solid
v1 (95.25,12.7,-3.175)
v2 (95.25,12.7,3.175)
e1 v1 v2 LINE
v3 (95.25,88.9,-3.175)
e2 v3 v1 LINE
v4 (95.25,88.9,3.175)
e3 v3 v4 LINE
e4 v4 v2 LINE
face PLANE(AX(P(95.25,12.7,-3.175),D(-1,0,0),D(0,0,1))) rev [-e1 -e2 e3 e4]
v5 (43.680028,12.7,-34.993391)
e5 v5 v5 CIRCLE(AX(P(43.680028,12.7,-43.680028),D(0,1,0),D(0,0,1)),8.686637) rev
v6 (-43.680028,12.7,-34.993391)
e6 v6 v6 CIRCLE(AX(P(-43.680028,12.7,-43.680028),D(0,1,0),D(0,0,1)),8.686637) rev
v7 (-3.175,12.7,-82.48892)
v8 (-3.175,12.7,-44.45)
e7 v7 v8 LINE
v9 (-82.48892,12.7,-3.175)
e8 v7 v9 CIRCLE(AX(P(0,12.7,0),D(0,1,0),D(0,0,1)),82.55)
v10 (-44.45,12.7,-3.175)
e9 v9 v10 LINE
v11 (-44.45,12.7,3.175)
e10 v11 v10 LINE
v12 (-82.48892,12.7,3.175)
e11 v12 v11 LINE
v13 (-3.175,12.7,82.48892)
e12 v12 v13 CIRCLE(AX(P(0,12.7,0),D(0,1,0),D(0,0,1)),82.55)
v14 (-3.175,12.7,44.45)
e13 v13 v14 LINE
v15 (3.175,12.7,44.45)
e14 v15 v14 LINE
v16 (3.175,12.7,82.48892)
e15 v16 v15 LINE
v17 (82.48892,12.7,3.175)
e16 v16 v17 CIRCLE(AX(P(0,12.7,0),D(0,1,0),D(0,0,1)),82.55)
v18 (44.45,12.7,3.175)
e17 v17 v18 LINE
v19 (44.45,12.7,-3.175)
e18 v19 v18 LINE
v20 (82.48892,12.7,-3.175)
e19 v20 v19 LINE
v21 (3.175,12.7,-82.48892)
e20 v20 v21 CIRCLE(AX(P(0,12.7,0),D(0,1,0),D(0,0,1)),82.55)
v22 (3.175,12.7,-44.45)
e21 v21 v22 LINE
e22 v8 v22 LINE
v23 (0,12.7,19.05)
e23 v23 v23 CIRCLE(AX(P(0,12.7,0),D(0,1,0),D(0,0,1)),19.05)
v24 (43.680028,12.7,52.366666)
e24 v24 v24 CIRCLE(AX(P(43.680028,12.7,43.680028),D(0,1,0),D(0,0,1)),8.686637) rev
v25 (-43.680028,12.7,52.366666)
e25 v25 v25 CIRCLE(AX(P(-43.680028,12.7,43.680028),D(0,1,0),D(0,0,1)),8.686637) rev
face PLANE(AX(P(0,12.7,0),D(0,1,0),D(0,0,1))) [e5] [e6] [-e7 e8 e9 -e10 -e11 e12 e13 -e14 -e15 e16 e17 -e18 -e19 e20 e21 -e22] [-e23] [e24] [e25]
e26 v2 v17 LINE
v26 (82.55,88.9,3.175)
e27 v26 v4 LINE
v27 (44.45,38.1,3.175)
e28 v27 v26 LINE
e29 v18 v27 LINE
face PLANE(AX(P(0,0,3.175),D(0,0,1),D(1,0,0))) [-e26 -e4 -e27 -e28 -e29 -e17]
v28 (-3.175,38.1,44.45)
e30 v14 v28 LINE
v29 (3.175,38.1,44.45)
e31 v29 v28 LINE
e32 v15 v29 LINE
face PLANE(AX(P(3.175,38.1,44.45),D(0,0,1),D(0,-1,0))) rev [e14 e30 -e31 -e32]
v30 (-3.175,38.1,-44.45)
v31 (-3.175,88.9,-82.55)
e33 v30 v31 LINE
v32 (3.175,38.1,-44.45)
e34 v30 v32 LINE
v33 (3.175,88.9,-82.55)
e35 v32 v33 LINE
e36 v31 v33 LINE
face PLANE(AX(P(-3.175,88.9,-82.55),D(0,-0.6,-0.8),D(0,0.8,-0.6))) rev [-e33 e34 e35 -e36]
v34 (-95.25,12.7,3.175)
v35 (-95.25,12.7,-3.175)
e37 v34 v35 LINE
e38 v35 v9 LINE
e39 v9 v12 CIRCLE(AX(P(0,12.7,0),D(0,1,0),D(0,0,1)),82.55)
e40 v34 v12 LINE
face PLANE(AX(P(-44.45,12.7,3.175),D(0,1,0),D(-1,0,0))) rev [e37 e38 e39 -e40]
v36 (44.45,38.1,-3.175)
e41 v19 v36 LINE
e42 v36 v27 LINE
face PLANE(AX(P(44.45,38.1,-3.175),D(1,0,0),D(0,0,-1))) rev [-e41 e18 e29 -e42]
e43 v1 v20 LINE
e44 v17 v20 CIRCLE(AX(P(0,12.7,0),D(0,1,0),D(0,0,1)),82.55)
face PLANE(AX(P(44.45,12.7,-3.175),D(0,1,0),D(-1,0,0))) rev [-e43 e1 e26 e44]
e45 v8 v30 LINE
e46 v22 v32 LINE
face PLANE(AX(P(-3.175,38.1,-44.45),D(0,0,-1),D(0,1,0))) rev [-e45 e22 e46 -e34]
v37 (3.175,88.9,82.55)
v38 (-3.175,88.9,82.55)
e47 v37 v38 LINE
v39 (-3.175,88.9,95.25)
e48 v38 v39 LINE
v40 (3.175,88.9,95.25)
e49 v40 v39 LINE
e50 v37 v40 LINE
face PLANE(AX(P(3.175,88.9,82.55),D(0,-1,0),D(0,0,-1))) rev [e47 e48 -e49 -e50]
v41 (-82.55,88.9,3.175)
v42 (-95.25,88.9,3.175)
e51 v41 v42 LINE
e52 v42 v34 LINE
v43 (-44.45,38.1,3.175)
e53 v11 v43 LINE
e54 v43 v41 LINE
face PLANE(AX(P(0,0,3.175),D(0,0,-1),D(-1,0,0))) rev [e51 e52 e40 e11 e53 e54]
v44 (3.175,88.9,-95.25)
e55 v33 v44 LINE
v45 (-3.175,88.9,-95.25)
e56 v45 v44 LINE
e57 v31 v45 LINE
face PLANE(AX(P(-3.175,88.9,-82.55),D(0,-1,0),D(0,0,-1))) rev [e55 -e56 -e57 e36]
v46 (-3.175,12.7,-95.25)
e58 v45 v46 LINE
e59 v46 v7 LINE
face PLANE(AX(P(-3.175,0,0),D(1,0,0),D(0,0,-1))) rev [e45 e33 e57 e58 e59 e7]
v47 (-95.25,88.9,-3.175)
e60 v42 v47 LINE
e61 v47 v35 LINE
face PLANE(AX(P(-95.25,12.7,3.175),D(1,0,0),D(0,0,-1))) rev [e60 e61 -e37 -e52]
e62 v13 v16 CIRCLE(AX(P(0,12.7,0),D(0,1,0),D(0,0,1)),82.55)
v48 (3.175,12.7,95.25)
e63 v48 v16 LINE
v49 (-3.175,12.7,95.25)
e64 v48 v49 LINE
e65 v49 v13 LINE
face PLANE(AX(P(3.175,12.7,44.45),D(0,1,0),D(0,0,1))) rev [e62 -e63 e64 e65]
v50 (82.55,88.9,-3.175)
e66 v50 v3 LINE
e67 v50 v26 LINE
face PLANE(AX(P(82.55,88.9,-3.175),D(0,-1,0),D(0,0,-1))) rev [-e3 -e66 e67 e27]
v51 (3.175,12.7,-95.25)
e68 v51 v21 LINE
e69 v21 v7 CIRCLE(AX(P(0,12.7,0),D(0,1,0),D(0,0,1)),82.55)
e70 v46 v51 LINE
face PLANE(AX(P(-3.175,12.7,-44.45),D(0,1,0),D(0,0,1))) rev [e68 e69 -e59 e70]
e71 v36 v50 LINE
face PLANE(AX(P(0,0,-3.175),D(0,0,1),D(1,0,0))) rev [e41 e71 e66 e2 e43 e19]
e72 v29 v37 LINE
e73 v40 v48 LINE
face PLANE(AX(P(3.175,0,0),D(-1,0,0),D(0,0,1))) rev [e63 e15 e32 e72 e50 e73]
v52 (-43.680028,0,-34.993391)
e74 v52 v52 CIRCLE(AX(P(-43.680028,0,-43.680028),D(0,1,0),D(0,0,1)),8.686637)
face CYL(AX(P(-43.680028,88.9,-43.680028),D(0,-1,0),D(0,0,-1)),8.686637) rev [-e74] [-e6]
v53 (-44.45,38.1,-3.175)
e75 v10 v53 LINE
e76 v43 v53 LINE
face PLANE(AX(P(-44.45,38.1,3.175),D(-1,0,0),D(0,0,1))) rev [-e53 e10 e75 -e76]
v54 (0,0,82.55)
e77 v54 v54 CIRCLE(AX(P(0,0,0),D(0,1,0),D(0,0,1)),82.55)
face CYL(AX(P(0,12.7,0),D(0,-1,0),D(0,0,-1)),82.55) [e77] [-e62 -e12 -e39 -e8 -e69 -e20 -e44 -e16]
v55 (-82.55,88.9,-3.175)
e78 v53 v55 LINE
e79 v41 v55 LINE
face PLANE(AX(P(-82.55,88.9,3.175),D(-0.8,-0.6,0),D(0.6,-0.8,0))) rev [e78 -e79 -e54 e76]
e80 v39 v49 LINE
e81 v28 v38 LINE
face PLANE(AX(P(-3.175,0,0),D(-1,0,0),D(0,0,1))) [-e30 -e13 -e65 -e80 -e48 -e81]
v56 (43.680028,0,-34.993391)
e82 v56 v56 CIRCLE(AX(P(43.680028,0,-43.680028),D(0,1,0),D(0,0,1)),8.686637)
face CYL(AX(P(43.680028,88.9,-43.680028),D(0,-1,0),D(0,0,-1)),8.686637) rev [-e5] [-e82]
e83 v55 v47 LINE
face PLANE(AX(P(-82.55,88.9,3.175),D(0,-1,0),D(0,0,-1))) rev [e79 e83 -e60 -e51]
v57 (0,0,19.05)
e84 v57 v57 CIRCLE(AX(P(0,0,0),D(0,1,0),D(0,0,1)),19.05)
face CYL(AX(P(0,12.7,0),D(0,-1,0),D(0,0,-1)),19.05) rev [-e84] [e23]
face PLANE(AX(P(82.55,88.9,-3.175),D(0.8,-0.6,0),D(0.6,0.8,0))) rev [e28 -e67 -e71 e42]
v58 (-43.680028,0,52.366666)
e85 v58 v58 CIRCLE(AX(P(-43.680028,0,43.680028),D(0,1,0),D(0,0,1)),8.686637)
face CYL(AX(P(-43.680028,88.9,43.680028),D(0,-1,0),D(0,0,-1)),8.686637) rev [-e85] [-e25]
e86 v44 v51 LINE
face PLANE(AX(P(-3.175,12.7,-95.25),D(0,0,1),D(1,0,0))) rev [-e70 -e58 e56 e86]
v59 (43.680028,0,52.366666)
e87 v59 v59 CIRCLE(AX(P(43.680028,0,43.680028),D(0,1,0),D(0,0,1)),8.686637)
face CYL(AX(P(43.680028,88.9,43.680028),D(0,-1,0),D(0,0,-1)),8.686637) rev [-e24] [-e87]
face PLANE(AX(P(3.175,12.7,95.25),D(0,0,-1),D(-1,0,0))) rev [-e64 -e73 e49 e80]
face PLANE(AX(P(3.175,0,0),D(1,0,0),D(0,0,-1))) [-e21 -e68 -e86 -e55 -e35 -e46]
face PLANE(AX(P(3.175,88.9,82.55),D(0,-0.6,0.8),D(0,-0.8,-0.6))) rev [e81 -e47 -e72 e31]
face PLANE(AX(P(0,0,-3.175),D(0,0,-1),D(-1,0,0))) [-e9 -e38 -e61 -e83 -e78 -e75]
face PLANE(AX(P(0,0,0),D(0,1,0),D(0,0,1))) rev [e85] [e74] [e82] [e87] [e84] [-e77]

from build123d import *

# Parameters (mm, degrees)
SKETCH3_R           = 82.55
SKETCH3_R_2         = 19.05
BOSS_EXTRUDE2_DEPTH = 12.7
BOSS_EXTRUDE3_DEPTH = 3.175
CIRPATTERN1_COUNT   = 4
SKETCH8_R           = 8.686637198
CUT_EXTRUDE6_DEPTH  = 89.9


with BuildPart() as part:
    # Sketch3 → Boss-Extrude2 (new body)
    with BuildSketch(Plane(origin=(0, 0, 0), x_dir=(1, 0, 0), z_dir=(0, 1, 0))):
        Circle(SKETCH3_R)
        Circle(SKETCH3_R_2, mode=Mode.SUBTRACT)
    extrude(amount=BOSS_EXTRUDE2_DEPTH)

    # Sketch5 → Boss-Extrude3 (add, symmetric)
    with BuildSketch(Plane(origin=(0, 0, 0), x_dir=(0, 0, -1), z_dir=(1, 0, 0))):
        Polygon((-82.55, 88.9), (-44.45, 38.1), (-44.45, 12.7), (-95.25, 12.7), (-95.25, 88.9), align=None)
    boss_extrude3 = extrude(amount=BOSS_EXTRUDE3_DEPTH, both=True)

    # CirPattern1: Boss-Extrude3 ×4 about axis
    cirpattern1_axis = Axis((0, 0, 0), (0, 1, 0))
    for i in range(1, CIRPATTERN1_COUNT):
        add(boss_extrude3.rotate(cirpattern1_axis, i * 360 / CIRPATTERN1_COUNT))

    # Sketch8 → Cut-Extrude6 (cut, through all)
    with BuildSketch(Plane(origin=(0, 0, 0), x_dir=(1, 0, 0), z_dir=(0, 1, 0))):
        with Locations((43.68002845, -43.68002845)):
            Circle(SKETCH8_R)
        with Locations((-43.68002845, -43.68002845)):
            Circle(SKETCH8_R)
        with Locations((-43.68002845, 43.68002845)):
            Circle(SKETCH8_R)
        with Locations((43.68002845, 43.68002845)):
            Circle(SKETCH8_R)
    extrude(amount=CUT_EXTRUDE6_DEPTH, mode=Mode.SUBTRACT)


solid = part.part
